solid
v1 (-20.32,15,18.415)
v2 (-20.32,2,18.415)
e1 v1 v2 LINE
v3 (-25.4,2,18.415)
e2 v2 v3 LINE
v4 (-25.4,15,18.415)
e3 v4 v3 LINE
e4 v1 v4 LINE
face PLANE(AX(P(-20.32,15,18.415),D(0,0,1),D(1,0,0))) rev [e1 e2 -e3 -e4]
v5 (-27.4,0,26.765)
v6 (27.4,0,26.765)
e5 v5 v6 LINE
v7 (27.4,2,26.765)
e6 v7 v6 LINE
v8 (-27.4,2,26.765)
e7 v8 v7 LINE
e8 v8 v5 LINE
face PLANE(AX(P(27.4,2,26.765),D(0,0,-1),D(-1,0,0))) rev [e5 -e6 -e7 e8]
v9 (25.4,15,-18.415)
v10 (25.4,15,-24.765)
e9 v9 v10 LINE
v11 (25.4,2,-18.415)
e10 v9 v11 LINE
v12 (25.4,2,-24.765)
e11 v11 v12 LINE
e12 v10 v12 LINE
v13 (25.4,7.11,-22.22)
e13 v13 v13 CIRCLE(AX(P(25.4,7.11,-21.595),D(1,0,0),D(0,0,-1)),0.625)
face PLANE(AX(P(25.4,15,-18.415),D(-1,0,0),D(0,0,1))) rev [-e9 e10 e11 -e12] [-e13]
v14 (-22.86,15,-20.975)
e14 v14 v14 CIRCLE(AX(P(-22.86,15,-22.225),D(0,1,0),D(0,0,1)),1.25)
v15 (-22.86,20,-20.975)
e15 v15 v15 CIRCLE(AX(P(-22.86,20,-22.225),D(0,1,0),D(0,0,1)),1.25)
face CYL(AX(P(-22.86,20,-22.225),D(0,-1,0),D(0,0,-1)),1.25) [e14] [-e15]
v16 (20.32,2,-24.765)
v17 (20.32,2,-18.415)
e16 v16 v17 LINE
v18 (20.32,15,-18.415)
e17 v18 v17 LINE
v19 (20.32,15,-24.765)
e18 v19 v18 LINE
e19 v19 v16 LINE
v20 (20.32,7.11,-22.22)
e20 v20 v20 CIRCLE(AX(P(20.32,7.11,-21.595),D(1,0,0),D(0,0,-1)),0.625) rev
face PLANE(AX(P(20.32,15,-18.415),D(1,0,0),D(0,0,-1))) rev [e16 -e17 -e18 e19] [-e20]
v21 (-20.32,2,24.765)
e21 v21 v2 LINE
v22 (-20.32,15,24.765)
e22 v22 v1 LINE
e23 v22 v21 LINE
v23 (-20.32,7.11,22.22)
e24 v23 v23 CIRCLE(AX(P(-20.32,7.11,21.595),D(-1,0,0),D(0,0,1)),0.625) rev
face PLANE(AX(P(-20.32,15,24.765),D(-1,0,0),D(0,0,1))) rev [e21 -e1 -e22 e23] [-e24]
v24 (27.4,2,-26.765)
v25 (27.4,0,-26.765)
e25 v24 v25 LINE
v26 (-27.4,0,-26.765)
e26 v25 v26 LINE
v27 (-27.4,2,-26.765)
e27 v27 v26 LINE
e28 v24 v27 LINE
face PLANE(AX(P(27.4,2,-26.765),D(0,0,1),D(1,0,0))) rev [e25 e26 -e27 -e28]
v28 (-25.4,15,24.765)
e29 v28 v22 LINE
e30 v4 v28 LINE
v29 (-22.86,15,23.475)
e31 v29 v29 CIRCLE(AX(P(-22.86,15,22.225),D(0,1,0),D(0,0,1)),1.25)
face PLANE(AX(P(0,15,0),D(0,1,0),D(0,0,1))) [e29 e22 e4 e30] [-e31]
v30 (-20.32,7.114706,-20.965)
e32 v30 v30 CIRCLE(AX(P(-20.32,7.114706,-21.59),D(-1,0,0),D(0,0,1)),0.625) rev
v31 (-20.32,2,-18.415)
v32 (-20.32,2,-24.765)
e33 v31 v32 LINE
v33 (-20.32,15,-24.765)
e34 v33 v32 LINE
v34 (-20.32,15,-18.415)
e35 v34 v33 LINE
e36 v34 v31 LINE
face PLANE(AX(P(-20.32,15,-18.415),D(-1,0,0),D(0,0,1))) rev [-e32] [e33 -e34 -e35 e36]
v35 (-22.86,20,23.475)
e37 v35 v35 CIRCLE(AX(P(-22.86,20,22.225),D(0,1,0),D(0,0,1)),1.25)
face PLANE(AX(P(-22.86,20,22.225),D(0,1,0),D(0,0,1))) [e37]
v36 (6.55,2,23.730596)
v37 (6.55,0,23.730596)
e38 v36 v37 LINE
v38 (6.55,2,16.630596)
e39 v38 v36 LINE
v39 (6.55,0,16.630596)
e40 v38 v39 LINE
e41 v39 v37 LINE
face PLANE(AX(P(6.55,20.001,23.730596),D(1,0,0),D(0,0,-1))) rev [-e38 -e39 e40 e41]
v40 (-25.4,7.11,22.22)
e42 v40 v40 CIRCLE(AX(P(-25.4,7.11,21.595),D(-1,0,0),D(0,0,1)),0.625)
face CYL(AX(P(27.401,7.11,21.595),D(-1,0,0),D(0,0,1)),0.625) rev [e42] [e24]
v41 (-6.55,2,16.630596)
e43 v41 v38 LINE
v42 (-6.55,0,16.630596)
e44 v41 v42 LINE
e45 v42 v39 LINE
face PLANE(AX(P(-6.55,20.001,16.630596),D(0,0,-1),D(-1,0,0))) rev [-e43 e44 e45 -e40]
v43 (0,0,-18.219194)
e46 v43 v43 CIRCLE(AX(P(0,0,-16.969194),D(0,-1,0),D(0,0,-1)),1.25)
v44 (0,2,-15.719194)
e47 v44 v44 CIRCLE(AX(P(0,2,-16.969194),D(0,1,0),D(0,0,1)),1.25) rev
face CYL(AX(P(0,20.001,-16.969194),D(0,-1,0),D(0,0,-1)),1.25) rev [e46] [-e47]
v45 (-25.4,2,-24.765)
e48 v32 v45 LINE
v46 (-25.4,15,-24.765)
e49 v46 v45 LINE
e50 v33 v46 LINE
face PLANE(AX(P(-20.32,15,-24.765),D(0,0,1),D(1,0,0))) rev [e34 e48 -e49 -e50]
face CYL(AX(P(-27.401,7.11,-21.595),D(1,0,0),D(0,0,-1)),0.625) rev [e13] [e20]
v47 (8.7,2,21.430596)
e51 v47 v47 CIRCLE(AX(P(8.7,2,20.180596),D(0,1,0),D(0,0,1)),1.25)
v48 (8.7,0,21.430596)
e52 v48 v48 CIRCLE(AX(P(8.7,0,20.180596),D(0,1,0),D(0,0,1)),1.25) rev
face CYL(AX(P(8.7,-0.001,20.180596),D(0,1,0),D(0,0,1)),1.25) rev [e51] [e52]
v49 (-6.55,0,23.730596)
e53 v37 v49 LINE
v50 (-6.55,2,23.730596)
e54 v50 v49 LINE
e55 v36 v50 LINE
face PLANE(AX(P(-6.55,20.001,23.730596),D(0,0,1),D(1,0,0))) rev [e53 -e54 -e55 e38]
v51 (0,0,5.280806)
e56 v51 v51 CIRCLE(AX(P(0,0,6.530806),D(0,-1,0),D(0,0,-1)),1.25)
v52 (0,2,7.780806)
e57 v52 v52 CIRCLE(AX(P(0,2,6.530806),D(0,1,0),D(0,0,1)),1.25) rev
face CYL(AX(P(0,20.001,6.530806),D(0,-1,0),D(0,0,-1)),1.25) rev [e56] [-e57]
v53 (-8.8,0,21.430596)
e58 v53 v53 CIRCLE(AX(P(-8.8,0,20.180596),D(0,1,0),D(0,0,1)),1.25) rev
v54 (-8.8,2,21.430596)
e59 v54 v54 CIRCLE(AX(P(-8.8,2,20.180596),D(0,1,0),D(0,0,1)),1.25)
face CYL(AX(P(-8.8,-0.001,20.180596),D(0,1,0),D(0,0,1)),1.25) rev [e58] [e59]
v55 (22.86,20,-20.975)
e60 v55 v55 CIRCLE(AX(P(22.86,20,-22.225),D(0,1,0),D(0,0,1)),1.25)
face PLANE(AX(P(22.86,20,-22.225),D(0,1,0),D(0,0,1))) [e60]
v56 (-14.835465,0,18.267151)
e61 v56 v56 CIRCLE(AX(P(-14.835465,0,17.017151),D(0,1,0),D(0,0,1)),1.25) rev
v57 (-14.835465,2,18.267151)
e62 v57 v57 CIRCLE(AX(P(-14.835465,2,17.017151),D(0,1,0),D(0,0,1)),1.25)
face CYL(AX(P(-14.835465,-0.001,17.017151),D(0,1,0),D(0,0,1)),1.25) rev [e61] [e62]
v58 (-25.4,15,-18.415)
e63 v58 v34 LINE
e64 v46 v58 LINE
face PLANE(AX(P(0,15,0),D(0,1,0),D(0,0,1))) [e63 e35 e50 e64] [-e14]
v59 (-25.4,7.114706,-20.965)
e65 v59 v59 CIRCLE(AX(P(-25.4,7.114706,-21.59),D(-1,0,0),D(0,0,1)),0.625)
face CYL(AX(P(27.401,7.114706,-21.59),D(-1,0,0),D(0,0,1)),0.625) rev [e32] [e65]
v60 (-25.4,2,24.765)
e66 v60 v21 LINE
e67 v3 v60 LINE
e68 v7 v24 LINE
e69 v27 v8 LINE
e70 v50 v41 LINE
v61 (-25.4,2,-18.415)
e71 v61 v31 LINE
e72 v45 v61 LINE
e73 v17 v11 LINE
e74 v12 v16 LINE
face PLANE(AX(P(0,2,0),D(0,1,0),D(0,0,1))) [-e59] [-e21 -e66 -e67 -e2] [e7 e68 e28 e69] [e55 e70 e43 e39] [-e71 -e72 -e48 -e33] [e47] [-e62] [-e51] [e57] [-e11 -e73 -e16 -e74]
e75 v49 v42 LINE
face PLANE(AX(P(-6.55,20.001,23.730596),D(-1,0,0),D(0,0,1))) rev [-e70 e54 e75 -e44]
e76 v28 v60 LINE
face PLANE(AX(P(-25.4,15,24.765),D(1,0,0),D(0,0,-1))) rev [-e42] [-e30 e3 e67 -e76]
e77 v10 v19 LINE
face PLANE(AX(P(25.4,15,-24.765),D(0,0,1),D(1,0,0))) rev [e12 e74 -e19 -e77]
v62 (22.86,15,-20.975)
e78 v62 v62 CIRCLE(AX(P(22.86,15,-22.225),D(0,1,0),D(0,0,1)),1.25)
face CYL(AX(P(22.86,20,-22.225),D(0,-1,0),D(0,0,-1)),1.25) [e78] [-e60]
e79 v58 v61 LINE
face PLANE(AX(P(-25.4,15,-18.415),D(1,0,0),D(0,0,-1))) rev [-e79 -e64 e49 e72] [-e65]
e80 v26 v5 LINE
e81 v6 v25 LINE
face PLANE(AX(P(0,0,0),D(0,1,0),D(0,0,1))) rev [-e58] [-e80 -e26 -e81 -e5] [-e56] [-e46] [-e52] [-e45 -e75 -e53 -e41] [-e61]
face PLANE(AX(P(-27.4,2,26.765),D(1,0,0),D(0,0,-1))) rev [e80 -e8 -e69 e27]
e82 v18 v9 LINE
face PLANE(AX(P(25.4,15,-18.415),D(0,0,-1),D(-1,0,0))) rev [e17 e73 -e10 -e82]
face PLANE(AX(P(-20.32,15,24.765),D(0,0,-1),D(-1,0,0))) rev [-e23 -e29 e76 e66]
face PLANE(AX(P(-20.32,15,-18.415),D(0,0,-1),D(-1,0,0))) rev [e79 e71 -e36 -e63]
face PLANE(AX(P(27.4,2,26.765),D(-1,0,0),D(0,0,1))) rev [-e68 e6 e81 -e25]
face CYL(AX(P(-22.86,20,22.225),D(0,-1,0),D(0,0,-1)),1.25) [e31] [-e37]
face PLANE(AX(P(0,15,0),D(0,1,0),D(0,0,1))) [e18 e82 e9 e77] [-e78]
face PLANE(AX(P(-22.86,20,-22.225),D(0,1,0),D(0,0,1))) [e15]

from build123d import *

# Parameters (mm, degrees)
SKETCH2_W           = 54.8
SKETCH2_H           = 53.53
BOSS_EXTRUDE1_DEPTH = 2
SKETCH3_W           = 5.08
SKETCH3_H           = 6.35
BOSS_EXTRUDE2_DEPTH = 13
SKETCH6_R           = 1.25
BOSS_EXTRUDE3_DEPTH = 5
CUT_EXTRUDE1_REACH  = 22
SKETCH7_W           = 13.1
SKETCH7_H           = 7.1
CUT_EXTRUDE2_REACH  = 22
SKETCH8_R           = 1.25
CUT_EXTRUDE4_REACH  = 54.8
SKETCH9_R           = 0.625
CUT_EXTRUDE5_REACH  = 54.8
SKETCH10_R          = 0.625
CUT_EXTRUDE6_REACH  = 54.8
SKETCH11_R          = 0.625
CUT_EXTRUDE7_REACH  = 4
SKETCH12_R          = 1.25
CUT_EXTRUDE8_REACH  = 4
SKETCH13_R          = 1.25


with BuildPart() as part:
    # Sketch2 → Boss-Extrude1 (new body)
    with BuildSketch(Plane(origin=(0, 0, 0), x_dir=(1, 0, 0), z_dir=(0, 1, 0))):
        Rectangle(SKETCH2_W, SKETCH2_H)
    extrude(amount=BOSS_EXTRUDE1_DEPTH)

    # Sketch3 → Boss-Extrude2 (add)
    with BuildSketch(Plane(origin=(0, 2, 0), x_dir=(1, 0, 0), z_dir=(0, 1, 0))):
        with Locations((-22.86, 21.59)):
            Rectangle(SKETCH3_W, SKETCH3_H)
        with Locations((22.86, 21.59)):
            Rectangle(SKETCH3_W, SKETCH3_H)
        with Locations((-22.86, -21.59)):
            Rectangle(SKETCH3_W, SKETCH3_H)
    extrude(amount=BOSS_EXTRUDE2_DEPTH)

    # Sketch6 → Boss-Extrude3 (add)
    with BuildSketch(Plane(origin=(0, 15, 0), x_dir=(1, 0, 0), z_dir=(0, 1, 0))):
        with Locations((-22.86, 22.225)):
            Circle(SKETCH6_R)
        with Locations((22.86, 22.225)):
            Circle(SKETCH6_R)
        with Locations((-22.86, -22.225)):
            Circle(SKETCH6_R)
    extrude(amount=BOSS_EXTRUDE3_DEPTH)

    # Sketch7 → Cut-Extrude1 (cut, up to next)
    with BuildSketch(Plane(origin=(0, 0, 0), x_dir=(-1, 0, 0), z_dir=(0, -1, 0)), mode=Mode.PRIVATE) as cut_extrude1_sk1:
        with Locations((0, -20.180596319)):
            Rectangle(SKETCH7_W, SKETCH7_H)
    cut_extrude1_tool1 = extrude(cut_extrude1_sk1.sketch, amount=-CUT_EXTRUDE1_REACH, mode=Mode.PRIVATE) & part.part
    add(cut_extrude1_tool1.solids().sort_by_distance((0, 0, 20.180596))[0], mode=Mode.SUBTRACT)

    # Sketch8 → Cut-Extrude2 (cut, up to next)
    with BuildSketch(Plane.XZ, mode=Mode.PRIVATE) as cut_extrude2_sk1:
        with Locations((0, 6.530805807)):
            Circle(SKETCH8_R)
    cut_extrude2_tool1 = extrude(cut_extrude2_sk1.sketch, amount=-CUT_EXTRUDE2_REACH, mode=Mode.PRIVATE) & part.part
    add(cut_extrude2_tool1.solids().sort_by_distance((0, 0, 6.530806))[0], mode=Mode.SUBTRACT)
    # Sketch8 → Cut-Extrude2 (cut, up to next)
    with BuildSketch(Plane.XZ, mode=Mode.PRIVATE) as cut_extrude2_sk2:
        with Locations((0, -16.969194193)):
            Circle(SKETCH8_R)
    cut_extrude2_tool2 = extrude(cut_extrude2_sk2.sketch, amount=-CUT_EXTRUDE2_REACH, mode=Mode.PRIVATE) & part.part
    add(cut_extrude2_tool2.solids().sort_by_distance((0, 0, -16.969194))[0], mode=Mode.SUBTRACT)

    # Sketch9 → Cut-Extrude4 (cut, up to next)
    with BuildSketch(Plane.ZY.offset(25.4), mode=Mode.PRIVATE) as cut_extrude4_sk1:
        with Locations((-21.59, 7.11470595)):
            Circle(SKETCH9_R)
    cut_extrude4_tool1 = extrude(cut_extrude4_sk1.sketch, amount=-CUT_EXTRUDE4_REACH, mode=Mode.PRIVATE) & part.part
    add(cut_extrude4_tool1.solids().sort_by_distance((-25.4, 7.114706, -21.59))[0], mode=Mode.SUBTRACT)

    # Sketch10 → Cut-Extrude5 (cut, up to next)
    with BuildSketch(Plane(origin=(25.4, 0, 0), x_dir=(0, 0, -1), z_dir=(1, 0, 0)), mode=Mode.PRIVATE) as cut_extrude5_sk1:
        with Locations((21.595, 7.11)):
            Circle(SKETCH10_R)
    cut_extrude5_tool1 = extrude(cut_extrude5_sk1.sketch, amount=-CUT_EXTRUDE5_REACH, mode=Mode.PRIVATE) & part.part
    add(cut_extrude5_tool1.solids().sort_by_distance((25.4, 7.11, -21.595))[0], mode=Mode.SUBTRACT)

    # Sketch11 → Cut-Extrude6 (cut, up to next)
    with BuildSketch(Plane.ZY.offset(25.4), mode=Mode.PRIVATE) as cut_extrude6_sk1:
        with Locations((21.595, 7.11)):
            Circle(SKETCH11_R)
    cut_extrude6_tool1 = extrude(cut_extrude6_sk1.sketch, amount=-CUT_EXTRUDE6_REACH, mode=Mode.PRIVATE) & part.part
    add(cut_extrude6_tool1.solids().sort_by_distance((-25.4, 7.11, 21.595))[0], mode=Mode.SUBTRACT)

    # Sketch12 → Cut-Extrude7 (cut, up to next)
    with BuildSketch(Plane(origin=(0, 2, 0), x_dir=(1, 0, 0), z_dir=(0, 1, 0)), mode=Mode.PRIVATE) as cut_extrude7_sk1:
        with Locations((-14.835465402, -17.017151491)):
            Circle(SKETCH12_R)
    cut_extrude7_tool1 = extrude(cut_extrude7_sk1.sketch, amount=-CUT_EXTRUDE7_REACH, mode=Mode.PRIVATE) & part.part
    add(cut_extrude7_tool1.solids().sort_by_distance((-14.835465, 2, 17.017151))[0], mode=Mode.SUBTRACT)

    # Sketch13 → Cut-Extrude8 (cut, up to next)
    with BuildSketch(Plane(origin=(0, 2, 0), x_dir=(1, 0, 0), z_dir=(0, 1, 0)), mode=Mode.PRIVATE) as cut_extrude8_sk1:
        with Locations((-8.8, -20.180596319)):
            Circle(SKETCH13_R)
    cut_extrude8_tool1 = extrude(cut_extrude8_sk1.sketch, amount=-CUT_EXTRUDE8_REACH, mode=Mode.PRIVATE) & part.part
    add(cut_extrude8_tool1.solids().sort_by_distance((-8.8, 2, 20.180596))[0], mode=Mode.SUBTRACT)
    # Sketch13 → Cut-Extrude8 (cut, up to next)
    with BuildSketch(Plane(origin=(0, 2, 0), x_dir=(1, 0, 0), z_dir=(0, 1, 0)), mode=Mode.PRIVATE) as cut_extrude8_sk2:
        with Locations((8.7, -20.180596319)):
            Circle(SKETCH13_R)
    cut_extrude8_tool2 = extrude(cut_extrude8_sk2.sketch, amount=-CUT_EXTRUDE8_REACH, mode=Mode.PRIVATE) & part.part
    add(cut_extrude8_tool2.solids().sort_by_distance((8.7, 2, 20.180596))[0], mode=Mode.SUBTRACT)


solid = part.part
